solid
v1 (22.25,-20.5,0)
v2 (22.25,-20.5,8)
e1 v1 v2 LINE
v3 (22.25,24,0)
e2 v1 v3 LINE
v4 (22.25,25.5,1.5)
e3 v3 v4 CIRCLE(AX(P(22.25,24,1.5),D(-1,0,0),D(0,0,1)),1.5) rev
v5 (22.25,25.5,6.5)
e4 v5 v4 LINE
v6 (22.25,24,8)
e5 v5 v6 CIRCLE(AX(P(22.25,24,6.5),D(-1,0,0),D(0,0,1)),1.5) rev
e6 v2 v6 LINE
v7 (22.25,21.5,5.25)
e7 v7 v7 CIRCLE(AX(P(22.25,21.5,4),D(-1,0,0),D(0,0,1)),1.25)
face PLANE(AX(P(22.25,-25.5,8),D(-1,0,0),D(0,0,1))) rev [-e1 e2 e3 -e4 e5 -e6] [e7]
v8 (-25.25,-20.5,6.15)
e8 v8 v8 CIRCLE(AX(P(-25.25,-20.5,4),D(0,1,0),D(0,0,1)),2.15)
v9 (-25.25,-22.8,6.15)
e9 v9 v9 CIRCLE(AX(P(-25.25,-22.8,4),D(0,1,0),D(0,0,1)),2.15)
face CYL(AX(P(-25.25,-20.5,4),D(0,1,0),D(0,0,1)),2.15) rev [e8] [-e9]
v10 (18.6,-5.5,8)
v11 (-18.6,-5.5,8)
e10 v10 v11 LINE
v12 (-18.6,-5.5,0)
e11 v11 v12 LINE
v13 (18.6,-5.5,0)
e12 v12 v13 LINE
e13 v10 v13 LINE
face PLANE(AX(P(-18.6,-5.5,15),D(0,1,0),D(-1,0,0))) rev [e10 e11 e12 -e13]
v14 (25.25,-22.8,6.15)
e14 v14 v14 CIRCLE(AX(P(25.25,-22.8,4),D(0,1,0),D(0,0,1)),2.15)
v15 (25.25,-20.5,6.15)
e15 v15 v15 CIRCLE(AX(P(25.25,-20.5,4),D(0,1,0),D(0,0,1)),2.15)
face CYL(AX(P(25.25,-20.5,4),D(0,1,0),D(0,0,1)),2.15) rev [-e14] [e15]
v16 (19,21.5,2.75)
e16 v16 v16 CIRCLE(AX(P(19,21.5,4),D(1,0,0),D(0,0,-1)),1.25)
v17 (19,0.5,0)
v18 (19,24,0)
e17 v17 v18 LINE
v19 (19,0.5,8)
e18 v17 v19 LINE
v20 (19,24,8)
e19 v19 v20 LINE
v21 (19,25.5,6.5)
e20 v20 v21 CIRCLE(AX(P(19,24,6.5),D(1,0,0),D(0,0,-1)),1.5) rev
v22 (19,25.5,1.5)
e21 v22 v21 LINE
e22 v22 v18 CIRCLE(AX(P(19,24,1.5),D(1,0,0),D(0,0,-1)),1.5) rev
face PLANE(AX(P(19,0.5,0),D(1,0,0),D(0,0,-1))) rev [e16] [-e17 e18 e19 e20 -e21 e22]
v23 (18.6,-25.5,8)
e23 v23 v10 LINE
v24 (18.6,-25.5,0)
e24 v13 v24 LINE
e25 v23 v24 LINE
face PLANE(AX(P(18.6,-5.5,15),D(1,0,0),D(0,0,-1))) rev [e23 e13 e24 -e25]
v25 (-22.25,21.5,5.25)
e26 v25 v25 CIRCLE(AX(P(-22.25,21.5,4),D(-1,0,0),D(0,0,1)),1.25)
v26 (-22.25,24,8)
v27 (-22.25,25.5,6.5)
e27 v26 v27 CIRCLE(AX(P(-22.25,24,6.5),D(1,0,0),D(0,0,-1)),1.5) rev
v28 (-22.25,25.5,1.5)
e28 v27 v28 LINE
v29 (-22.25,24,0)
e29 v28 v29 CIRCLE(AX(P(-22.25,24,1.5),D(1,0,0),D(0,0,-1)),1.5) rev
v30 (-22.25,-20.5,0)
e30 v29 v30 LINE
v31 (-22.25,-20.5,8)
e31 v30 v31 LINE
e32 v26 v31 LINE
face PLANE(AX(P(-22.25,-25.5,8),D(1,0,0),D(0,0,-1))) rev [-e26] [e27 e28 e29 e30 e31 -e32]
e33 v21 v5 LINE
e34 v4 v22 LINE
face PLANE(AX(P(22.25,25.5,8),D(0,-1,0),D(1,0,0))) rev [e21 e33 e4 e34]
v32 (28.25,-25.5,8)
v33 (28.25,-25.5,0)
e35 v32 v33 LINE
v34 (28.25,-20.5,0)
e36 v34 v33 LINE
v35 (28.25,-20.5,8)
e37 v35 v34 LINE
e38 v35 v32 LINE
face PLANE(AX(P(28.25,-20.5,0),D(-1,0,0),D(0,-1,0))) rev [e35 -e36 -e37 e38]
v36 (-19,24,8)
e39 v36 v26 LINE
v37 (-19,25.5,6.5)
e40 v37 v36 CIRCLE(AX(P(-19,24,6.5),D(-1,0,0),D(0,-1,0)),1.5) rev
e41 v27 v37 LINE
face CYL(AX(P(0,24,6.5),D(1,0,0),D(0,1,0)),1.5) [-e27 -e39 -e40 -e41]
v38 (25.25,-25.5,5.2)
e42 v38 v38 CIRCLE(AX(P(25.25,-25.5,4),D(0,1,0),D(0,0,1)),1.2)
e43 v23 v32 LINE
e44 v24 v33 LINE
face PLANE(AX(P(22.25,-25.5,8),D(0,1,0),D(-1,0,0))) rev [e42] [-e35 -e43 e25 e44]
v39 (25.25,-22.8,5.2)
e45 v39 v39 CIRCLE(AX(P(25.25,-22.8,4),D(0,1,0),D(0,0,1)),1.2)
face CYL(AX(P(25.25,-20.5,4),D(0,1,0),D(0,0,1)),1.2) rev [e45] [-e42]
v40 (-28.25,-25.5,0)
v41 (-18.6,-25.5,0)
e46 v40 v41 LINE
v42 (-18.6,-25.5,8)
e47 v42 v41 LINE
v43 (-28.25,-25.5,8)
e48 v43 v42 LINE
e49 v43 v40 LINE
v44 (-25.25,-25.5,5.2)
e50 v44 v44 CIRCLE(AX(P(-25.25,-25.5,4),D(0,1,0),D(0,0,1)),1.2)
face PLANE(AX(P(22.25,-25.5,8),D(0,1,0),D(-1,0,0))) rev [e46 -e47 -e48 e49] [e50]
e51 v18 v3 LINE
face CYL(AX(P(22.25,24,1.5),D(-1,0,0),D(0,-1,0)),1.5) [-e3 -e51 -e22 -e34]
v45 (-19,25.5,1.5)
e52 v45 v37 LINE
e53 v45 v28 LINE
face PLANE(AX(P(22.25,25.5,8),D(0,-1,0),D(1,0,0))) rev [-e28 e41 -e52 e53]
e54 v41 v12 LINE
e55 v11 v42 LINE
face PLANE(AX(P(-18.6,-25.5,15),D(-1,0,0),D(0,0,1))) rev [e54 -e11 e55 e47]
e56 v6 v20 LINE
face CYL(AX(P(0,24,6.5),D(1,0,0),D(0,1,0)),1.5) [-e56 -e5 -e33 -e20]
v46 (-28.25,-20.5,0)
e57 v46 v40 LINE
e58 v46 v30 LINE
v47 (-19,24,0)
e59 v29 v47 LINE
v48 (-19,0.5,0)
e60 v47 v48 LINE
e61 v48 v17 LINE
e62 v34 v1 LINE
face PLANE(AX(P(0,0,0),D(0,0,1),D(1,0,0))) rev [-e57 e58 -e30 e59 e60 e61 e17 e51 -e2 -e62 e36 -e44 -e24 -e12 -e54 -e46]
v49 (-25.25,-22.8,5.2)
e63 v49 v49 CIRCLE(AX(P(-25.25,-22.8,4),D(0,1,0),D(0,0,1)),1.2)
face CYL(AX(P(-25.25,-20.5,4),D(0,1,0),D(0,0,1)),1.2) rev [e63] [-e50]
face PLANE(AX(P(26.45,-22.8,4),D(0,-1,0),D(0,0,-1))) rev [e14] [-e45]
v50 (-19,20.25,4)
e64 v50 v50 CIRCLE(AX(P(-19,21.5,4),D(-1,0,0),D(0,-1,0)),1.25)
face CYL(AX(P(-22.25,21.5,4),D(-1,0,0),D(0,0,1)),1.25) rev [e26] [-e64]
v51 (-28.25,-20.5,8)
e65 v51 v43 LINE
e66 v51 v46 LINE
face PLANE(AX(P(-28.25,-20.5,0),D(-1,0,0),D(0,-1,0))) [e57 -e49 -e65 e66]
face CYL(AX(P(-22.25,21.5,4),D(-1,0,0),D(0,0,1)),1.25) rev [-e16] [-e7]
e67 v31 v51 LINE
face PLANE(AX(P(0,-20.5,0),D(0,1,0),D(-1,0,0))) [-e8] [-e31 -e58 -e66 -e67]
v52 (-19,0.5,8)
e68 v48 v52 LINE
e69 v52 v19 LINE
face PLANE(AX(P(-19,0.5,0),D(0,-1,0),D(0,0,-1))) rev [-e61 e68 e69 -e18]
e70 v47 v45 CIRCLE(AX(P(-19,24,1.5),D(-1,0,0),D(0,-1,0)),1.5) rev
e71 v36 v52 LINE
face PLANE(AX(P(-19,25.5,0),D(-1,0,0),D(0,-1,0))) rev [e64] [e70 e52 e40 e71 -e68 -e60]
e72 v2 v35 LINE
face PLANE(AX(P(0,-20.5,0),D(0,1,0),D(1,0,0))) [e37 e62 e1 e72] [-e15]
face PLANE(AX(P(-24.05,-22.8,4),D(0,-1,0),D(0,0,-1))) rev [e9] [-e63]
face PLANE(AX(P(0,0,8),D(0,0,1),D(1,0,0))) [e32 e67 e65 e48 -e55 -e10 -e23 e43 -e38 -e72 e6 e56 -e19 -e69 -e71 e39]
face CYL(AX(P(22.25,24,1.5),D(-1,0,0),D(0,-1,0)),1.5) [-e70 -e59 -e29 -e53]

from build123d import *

# Parameters (mm, degrees)
SKETCH_1_W                = 44.5
SKETCH_1_H                = 51
EXTRUDE_1_DEPTH           = 8
SKETCH_2_W                = 38
SKETCH_2_H                = 25
CUT_EXTRUDE_1_DEPTH       = 9
MM_1_D                    = 2.5
FILLET_1_R                = 1.5
SKETCH_5_W                = 37.2
SKETCH_5_H                = 20
CUT_EXTRUDE_2_DEPTH       = 15
SKETCH_6_W                = 6
SKETCH_6_H                = 8
EXTRUDE_2_DEPTH           = 5
HOLE_WIZARD_2_D           = 2.4
HOLE_WIZARD_2_CBORE_D     = 4.3
HOLE_WIZARD_2_CBORE_DEPTH = 2.3


with BuildPart() as part:
    # 草图1 → 凸台-拉伸1 (new body)
    with BuildSketch(Plane.XY):
        Rectangle(SKETCH_1_W, SKETCH_1_H)
    extrude(amount=EXTRUDE_1_DEPTH)

    # 草图2 → 切除-拉伸1 (cut, through all)
    with BuildSketch(Plane.XY.offset(8)):
        with Locations((0, 13)):
            Rectangle(SKETCH_2_W, SKETCH_2_H)
    extrude(amount=-CUT_EXTRUDE_1_DEPTH, mode=Mode.SUBTRACT)

    # 大小mm 暗销孔1 (through all)
    with Locations(Plane.ZY.offset(22.25)):
        with Locations((4, 21.5)):
            Hole(MM_1_D / 2)

    # 圆角1
    fillet_1_edges = [part.edges().sort_by_distance(p)[0] for p in [
        (20.625, 25.5, 8),
        (-20.625, 25.5, 0),
        (-20.625, 25.5, 8),
        (20.625, 25.5, 0),
    ]]
    fillet(fillet_1_edges, radius=FILLET_1_R)

    # 草图5 → 切除-拉伸2 (cut)
    with BuildSketch(Plane(origin=(0, 0, 0), x_dir=(-1, 0, 0), z_dir=(0, 0, -1))):
        with Locations((0, -15.5)):
            Rectangle(SKETCH_5_W, SKETCH_5_H)
    extrude(amount=-CUT_EXTRUDE_2_DEPTH, mode=Mode.SUBTRACT)

    # 草图6 → 凸台-拉伸2 (add)
    with BuildSketch(Plane.XZ.offset(25.5)):
        with Locations((-25.25, 4)):
            Rectangle(SKETCH_6_W, SKETCH_6_H)
    extrude_2 = extrude(amount=-EXTRUDE_2_DEPTH)

    # 镜向1: 凸台-拉伸2 across plane
    add(extrude_2.mirror(Plane(origin=(0, 0, 0), x_dir=(0, 0, 1), z_dir=(1, 0, 0))))

    # 打孔尺寸(%根据)内六角圆柱头螺钉的类型2 (through all)
    with Locations(Plane(origin=(0, -20.5, 0), x_dir=(1, 0, 0), z_dir=(0, 1, 0))):
        with Locations((-25.25, -4)):
            hole_wizard_2 = CounterBoreHole(HOLE_WIZARD_2_D / 2, HOLE_WIZARD_2_CBORE_D / 2, HOLE_WIZARD_2_CBORE_DEPTH)

    # 镜向2: 打孔尺寸(%根据)内六角圆柱头螺钉的类型2 across plane
    add(hole_wizard_2.mirror(Plane(origin=(0, 0, 0), x_dir=(0, 0, 1), z_dir=(1, 0, 0))), mode=Mode.SUBTRACT)


solid = part.part
